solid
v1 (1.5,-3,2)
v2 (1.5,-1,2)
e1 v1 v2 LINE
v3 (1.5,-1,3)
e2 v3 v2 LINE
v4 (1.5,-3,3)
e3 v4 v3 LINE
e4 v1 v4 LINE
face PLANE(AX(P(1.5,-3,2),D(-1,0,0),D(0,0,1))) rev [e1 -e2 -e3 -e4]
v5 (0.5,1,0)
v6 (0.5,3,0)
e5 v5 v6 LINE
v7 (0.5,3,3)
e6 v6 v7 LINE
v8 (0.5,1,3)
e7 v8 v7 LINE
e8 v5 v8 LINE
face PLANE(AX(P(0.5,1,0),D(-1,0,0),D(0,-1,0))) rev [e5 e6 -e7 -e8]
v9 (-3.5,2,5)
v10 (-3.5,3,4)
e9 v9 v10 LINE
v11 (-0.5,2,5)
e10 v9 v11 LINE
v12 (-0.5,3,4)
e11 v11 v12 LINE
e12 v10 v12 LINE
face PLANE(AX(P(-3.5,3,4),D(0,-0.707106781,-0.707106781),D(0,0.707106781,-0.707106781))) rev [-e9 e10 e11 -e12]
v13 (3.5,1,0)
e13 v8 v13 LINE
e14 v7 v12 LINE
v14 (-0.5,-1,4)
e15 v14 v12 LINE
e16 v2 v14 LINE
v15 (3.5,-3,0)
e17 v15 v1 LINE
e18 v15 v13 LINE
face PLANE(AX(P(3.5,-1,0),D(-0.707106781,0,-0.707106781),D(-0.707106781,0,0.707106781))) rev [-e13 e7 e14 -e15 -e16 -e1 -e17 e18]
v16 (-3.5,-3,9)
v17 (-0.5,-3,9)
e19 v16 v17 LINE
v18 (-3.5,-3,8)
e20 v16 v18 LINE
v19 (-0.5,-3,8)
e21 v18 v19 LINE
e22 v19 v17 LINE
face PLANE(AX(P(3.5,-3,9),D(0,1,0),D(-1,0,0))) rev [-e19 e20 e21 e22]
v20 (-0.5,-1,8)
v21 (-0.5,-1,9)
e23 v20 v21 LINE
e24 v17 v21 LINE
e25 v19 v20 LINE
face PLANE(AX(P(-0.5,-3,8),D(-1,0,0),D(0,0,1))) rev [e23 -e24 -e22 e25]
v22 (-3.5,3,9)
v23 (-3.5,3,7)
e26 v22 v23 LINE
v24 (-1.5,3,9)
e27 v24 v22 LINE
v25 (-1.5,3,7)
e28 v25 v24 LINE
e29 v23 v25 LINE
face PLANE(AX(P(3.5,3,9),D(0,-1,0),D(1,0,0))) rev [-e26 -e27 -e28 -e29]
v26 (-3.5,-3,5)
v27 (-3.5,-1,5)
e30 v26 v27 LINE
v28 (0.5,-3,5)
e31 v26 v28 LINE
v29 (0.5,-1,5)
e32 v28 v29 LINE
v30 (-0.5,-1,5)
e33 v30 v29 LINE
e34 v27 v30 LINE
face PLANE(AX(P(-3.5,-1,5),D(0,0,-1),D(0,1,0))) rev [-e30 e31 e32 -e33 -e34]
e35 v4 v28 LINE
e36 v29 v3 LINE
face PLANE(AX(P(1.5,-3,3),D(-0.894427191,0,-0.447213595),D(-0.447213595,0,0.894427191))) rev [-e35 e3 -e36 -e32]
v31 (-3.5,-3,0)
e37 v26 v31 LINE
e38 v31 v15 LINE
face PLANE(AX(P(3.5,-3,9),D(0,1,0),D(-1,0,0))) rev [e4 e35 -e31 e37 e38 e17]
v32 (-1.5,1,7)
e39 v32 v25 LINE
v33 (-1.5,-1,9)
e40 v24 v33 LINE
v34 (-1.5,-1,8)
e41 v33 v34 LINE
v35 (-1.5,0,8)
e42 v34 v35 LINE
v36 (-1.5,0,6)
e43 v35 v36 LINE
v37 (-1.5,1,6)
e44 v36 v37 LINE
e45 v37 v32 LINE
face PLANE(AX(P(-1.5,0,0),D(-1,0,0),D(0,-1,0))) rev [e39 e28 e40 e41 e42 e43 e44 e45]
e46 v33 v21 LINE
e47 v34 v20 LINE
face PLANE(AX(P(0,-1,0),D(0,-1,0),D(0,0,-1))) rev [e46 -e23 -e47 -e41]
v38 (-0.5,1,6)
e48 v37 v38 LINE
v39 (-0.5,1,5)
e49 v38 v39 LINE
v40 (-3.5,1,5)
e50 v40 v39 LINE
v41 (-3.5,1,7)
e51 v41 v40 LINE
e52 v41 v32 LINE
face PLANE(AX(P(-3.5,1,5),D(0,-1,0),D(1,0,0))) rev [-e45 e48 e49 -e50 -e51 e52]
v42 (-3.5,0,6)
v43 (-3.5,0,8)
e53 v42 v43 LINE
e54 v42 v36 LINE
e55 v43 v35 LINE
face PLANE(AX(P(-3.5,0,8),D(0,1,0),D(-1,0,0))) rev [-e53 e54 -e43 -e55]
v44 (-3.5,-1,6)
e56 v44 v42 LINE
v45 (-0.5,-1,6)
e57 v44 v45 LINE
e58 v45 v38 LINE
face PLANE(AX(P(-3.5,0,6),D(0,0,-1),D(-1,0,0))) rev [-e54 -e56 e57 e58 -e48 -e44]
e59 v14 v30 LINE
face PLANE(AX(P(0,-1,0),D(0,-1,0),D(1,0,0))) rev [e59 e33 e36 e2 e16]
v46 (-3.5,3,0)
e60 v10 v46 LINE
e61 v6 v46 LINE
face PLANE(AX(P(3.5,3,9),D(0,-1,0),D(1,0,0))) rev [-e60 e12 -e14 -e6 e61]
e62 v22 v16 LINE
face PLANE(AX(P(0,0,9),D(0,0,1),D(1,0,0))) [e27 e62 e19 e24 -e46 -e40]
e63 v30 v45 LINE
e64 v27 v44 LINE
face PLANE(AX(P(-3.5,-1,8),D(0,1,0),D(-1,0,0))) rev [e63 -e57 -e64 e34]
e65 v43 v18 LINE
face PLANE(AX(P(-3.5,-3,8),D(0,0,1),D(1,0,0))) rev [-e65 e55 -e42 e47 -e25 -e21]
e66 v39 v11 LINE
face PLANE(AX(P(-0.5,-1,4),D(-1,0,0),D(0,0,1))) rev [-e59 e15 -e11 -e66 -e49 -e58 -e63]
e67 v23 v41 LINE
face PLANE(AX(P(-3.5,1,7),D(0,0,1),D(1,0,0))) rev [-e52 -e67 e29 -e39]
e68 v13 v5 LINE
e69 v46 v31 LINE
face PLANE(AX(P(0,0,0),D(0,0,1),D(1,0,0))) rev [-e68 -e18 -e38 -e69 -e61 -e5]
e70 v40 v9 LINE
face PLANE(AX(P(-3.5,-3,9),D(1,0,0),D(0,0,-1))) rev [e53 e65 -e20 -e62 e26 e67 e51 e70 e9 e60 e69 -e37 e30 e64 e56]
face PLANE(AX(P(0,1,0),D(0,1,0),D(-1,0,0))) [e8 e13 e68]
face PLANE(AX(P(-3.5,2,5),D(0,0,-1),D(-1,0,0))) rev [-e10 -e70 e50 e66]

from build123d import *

# Parameters (mm, degrees)
SKETCH1_W           = 7
SKETCH1_H           = 6
BOSS_EXTRUDE1_DEPTH = 9
CUT_EXTRUDE1_DEPTH  = 2
CUT_EXTRUDE3_DEPTH  = 4
CUT_EXTRUDE4_DEPTH  = 7
SKETCH5_W           = 3
SKETCH5_H           = 2
CUT_EXTRUDE5_DEPTH  = 5
CUT_EXTRUDE8_DEPTH  = 4
CUT_EXTRUDE9_DEPTH  = 4
SKETCH11_W          = 2
SKETCH11_H          = 1
CUT_EXTRUDE12_DEPTH = 4
CUT_EXTRUDE13_DEPTH = 1
SKETCH13_W          = 1
SKETCH13_H          = 1
CUT_EXTRUDE14_DEPTH = 3


with BuildPart() as part:
    # Sketch1 → Boss-Extrude1 (new body)
    with BuildSketch(Plane.XY):
        Rectangle(SKETCH1_W, SKETCH1_H)
    extrude(amount=BOSS_EXTRUDE1_DEPTH)

    # Sketch2 → Cut-Extrude1 (cut)
    with BuildSketch(Plane(origin=(0, 3, 0), x_dir=(1, 0, 0), z_dir=(0, 1, 0))):
        Polygon((3.5, 0), (0.5, 0), (0.5, -3), align=None)
    extrude(amount=-CUT_EXTRUDE1_DEPTH, mode=Mode.SUBTRACT)

    # Sketch3 → Cut-Extrude3 (cut)
    with BuildSketch(Plane(origin=(0, 3, 0), x_dir=(1, 0, 0), z_dir=(0, 1, 0))):
        Polygon((3.5, 0), (0.5, -3), (0.5, -9), (3.5, -9), align=None)
    extrude(amount=-CUT_EXTRUDE3_DEPTH, mode=Mode.SUBTRACT)

    # Sketch4 → Cut-Extrude4 (cut, through all)
    with BuildSketch(Plane(origin=(0, 3, 0), x_dir=(1, 0, 0), z_dir=(0, 1, 0))):
        Polygon((3.5, 0), (1.5, -2), (1.5, -3), (0.5, -5), (0.5, -9), (3.5, -9), align=None)
    extrude(amount=-CUT_EXTRUDE4_DEPTH, mode=Mode.SUBTRACT)

    # Sketch5 → Cut-Extrude5 (cut, through all)
    with BuildSketch(Plane(origin=(0.5, 0, 0), x_dir=(0, 0, -1), z_dir=(1, 0, 0))):
        with Locations((-6.5, -2)):
            Rectangle(SKETCH5_W, SKETCH5_H)
    extrude(amount=-CUT_EXTRUDE5_DEPTH, mode=Mode.SUBTRACT)

    # Sketch7 → Cut-Extrude8 (cut)
    with BuildSketch(Plane(origin=(0, 3, 0), x_dir=(1, 0, 0), z_dir=(0, 1, 0))):
        Polygon((0.5, -3), (-0.5, -4), (-0.5, -9), (0.5, -9), align=None)
    extrude(amount=-CUT_EXTRUDE8_DEPTH, mode=Mode.SUBTRACT)

    # Sketch8 → Cut-Extrude9 (cut, through all)
    with BuildSketch(Plane(origin=(-0.5, 0, 0), x_dir=(0, 0, -1), z_dir=(1, 0, 0))):
        Polygon((-4, 3), (-5, 2), (-5, 1), (-7, 1), (-7, 3), align=None)
    extrude(amount=-CUT_EXTRUDE9_DEPTH, mode=Mode.SUBTRACT)

    # Sketch11 → Cut-Extrude12 (cut, through all)
    with BuildSketch(Plane(origin=(-0.5, 0, 0), x_dir=(0, 0, -1), z_dir=(1, 0, 0))):
        with Locations((-7, -0.5)):
            Rectangle(SKETCH11_W, SKETCH11_H)
    extrude(amount=-CUT_EXTRUDE12_DEPTH, mode=Mode.SUBTRACT)

    # Sketch12 → Cut-Extrude13 (cut)
    with BuildSketch(Plane(origin=(-0.5, 0, 0), x_dir=(0, 0, -1), z_dir=(1, 0, 0))):
        Polygon((-9, 3), (-7, 3), (-7, 1), (-6, 1), (-6, 0), (-8, 0), (-8, -1), (-9, -1), align=None)
    extrude(amount=-CUT_EXTRUDE13_DEPTH, mode=Mode.SUBTRACT)

    # Sketch13 → Cut-Extrude14 (cut, through all)
    with BuildSketch(Plane(origin=(0, -1, 0), x_dir=(1, 0, 0), z_dir=(0, 1, 0))):
        with Locations((0, -8.5)):
            Rectangle(SKETCH13_W, SKETCH13_H)
    extrude(amount=-CUT_EXTRUDE14_DEPTH, mode=Mode.SUBTRACT)


solid = part.part
